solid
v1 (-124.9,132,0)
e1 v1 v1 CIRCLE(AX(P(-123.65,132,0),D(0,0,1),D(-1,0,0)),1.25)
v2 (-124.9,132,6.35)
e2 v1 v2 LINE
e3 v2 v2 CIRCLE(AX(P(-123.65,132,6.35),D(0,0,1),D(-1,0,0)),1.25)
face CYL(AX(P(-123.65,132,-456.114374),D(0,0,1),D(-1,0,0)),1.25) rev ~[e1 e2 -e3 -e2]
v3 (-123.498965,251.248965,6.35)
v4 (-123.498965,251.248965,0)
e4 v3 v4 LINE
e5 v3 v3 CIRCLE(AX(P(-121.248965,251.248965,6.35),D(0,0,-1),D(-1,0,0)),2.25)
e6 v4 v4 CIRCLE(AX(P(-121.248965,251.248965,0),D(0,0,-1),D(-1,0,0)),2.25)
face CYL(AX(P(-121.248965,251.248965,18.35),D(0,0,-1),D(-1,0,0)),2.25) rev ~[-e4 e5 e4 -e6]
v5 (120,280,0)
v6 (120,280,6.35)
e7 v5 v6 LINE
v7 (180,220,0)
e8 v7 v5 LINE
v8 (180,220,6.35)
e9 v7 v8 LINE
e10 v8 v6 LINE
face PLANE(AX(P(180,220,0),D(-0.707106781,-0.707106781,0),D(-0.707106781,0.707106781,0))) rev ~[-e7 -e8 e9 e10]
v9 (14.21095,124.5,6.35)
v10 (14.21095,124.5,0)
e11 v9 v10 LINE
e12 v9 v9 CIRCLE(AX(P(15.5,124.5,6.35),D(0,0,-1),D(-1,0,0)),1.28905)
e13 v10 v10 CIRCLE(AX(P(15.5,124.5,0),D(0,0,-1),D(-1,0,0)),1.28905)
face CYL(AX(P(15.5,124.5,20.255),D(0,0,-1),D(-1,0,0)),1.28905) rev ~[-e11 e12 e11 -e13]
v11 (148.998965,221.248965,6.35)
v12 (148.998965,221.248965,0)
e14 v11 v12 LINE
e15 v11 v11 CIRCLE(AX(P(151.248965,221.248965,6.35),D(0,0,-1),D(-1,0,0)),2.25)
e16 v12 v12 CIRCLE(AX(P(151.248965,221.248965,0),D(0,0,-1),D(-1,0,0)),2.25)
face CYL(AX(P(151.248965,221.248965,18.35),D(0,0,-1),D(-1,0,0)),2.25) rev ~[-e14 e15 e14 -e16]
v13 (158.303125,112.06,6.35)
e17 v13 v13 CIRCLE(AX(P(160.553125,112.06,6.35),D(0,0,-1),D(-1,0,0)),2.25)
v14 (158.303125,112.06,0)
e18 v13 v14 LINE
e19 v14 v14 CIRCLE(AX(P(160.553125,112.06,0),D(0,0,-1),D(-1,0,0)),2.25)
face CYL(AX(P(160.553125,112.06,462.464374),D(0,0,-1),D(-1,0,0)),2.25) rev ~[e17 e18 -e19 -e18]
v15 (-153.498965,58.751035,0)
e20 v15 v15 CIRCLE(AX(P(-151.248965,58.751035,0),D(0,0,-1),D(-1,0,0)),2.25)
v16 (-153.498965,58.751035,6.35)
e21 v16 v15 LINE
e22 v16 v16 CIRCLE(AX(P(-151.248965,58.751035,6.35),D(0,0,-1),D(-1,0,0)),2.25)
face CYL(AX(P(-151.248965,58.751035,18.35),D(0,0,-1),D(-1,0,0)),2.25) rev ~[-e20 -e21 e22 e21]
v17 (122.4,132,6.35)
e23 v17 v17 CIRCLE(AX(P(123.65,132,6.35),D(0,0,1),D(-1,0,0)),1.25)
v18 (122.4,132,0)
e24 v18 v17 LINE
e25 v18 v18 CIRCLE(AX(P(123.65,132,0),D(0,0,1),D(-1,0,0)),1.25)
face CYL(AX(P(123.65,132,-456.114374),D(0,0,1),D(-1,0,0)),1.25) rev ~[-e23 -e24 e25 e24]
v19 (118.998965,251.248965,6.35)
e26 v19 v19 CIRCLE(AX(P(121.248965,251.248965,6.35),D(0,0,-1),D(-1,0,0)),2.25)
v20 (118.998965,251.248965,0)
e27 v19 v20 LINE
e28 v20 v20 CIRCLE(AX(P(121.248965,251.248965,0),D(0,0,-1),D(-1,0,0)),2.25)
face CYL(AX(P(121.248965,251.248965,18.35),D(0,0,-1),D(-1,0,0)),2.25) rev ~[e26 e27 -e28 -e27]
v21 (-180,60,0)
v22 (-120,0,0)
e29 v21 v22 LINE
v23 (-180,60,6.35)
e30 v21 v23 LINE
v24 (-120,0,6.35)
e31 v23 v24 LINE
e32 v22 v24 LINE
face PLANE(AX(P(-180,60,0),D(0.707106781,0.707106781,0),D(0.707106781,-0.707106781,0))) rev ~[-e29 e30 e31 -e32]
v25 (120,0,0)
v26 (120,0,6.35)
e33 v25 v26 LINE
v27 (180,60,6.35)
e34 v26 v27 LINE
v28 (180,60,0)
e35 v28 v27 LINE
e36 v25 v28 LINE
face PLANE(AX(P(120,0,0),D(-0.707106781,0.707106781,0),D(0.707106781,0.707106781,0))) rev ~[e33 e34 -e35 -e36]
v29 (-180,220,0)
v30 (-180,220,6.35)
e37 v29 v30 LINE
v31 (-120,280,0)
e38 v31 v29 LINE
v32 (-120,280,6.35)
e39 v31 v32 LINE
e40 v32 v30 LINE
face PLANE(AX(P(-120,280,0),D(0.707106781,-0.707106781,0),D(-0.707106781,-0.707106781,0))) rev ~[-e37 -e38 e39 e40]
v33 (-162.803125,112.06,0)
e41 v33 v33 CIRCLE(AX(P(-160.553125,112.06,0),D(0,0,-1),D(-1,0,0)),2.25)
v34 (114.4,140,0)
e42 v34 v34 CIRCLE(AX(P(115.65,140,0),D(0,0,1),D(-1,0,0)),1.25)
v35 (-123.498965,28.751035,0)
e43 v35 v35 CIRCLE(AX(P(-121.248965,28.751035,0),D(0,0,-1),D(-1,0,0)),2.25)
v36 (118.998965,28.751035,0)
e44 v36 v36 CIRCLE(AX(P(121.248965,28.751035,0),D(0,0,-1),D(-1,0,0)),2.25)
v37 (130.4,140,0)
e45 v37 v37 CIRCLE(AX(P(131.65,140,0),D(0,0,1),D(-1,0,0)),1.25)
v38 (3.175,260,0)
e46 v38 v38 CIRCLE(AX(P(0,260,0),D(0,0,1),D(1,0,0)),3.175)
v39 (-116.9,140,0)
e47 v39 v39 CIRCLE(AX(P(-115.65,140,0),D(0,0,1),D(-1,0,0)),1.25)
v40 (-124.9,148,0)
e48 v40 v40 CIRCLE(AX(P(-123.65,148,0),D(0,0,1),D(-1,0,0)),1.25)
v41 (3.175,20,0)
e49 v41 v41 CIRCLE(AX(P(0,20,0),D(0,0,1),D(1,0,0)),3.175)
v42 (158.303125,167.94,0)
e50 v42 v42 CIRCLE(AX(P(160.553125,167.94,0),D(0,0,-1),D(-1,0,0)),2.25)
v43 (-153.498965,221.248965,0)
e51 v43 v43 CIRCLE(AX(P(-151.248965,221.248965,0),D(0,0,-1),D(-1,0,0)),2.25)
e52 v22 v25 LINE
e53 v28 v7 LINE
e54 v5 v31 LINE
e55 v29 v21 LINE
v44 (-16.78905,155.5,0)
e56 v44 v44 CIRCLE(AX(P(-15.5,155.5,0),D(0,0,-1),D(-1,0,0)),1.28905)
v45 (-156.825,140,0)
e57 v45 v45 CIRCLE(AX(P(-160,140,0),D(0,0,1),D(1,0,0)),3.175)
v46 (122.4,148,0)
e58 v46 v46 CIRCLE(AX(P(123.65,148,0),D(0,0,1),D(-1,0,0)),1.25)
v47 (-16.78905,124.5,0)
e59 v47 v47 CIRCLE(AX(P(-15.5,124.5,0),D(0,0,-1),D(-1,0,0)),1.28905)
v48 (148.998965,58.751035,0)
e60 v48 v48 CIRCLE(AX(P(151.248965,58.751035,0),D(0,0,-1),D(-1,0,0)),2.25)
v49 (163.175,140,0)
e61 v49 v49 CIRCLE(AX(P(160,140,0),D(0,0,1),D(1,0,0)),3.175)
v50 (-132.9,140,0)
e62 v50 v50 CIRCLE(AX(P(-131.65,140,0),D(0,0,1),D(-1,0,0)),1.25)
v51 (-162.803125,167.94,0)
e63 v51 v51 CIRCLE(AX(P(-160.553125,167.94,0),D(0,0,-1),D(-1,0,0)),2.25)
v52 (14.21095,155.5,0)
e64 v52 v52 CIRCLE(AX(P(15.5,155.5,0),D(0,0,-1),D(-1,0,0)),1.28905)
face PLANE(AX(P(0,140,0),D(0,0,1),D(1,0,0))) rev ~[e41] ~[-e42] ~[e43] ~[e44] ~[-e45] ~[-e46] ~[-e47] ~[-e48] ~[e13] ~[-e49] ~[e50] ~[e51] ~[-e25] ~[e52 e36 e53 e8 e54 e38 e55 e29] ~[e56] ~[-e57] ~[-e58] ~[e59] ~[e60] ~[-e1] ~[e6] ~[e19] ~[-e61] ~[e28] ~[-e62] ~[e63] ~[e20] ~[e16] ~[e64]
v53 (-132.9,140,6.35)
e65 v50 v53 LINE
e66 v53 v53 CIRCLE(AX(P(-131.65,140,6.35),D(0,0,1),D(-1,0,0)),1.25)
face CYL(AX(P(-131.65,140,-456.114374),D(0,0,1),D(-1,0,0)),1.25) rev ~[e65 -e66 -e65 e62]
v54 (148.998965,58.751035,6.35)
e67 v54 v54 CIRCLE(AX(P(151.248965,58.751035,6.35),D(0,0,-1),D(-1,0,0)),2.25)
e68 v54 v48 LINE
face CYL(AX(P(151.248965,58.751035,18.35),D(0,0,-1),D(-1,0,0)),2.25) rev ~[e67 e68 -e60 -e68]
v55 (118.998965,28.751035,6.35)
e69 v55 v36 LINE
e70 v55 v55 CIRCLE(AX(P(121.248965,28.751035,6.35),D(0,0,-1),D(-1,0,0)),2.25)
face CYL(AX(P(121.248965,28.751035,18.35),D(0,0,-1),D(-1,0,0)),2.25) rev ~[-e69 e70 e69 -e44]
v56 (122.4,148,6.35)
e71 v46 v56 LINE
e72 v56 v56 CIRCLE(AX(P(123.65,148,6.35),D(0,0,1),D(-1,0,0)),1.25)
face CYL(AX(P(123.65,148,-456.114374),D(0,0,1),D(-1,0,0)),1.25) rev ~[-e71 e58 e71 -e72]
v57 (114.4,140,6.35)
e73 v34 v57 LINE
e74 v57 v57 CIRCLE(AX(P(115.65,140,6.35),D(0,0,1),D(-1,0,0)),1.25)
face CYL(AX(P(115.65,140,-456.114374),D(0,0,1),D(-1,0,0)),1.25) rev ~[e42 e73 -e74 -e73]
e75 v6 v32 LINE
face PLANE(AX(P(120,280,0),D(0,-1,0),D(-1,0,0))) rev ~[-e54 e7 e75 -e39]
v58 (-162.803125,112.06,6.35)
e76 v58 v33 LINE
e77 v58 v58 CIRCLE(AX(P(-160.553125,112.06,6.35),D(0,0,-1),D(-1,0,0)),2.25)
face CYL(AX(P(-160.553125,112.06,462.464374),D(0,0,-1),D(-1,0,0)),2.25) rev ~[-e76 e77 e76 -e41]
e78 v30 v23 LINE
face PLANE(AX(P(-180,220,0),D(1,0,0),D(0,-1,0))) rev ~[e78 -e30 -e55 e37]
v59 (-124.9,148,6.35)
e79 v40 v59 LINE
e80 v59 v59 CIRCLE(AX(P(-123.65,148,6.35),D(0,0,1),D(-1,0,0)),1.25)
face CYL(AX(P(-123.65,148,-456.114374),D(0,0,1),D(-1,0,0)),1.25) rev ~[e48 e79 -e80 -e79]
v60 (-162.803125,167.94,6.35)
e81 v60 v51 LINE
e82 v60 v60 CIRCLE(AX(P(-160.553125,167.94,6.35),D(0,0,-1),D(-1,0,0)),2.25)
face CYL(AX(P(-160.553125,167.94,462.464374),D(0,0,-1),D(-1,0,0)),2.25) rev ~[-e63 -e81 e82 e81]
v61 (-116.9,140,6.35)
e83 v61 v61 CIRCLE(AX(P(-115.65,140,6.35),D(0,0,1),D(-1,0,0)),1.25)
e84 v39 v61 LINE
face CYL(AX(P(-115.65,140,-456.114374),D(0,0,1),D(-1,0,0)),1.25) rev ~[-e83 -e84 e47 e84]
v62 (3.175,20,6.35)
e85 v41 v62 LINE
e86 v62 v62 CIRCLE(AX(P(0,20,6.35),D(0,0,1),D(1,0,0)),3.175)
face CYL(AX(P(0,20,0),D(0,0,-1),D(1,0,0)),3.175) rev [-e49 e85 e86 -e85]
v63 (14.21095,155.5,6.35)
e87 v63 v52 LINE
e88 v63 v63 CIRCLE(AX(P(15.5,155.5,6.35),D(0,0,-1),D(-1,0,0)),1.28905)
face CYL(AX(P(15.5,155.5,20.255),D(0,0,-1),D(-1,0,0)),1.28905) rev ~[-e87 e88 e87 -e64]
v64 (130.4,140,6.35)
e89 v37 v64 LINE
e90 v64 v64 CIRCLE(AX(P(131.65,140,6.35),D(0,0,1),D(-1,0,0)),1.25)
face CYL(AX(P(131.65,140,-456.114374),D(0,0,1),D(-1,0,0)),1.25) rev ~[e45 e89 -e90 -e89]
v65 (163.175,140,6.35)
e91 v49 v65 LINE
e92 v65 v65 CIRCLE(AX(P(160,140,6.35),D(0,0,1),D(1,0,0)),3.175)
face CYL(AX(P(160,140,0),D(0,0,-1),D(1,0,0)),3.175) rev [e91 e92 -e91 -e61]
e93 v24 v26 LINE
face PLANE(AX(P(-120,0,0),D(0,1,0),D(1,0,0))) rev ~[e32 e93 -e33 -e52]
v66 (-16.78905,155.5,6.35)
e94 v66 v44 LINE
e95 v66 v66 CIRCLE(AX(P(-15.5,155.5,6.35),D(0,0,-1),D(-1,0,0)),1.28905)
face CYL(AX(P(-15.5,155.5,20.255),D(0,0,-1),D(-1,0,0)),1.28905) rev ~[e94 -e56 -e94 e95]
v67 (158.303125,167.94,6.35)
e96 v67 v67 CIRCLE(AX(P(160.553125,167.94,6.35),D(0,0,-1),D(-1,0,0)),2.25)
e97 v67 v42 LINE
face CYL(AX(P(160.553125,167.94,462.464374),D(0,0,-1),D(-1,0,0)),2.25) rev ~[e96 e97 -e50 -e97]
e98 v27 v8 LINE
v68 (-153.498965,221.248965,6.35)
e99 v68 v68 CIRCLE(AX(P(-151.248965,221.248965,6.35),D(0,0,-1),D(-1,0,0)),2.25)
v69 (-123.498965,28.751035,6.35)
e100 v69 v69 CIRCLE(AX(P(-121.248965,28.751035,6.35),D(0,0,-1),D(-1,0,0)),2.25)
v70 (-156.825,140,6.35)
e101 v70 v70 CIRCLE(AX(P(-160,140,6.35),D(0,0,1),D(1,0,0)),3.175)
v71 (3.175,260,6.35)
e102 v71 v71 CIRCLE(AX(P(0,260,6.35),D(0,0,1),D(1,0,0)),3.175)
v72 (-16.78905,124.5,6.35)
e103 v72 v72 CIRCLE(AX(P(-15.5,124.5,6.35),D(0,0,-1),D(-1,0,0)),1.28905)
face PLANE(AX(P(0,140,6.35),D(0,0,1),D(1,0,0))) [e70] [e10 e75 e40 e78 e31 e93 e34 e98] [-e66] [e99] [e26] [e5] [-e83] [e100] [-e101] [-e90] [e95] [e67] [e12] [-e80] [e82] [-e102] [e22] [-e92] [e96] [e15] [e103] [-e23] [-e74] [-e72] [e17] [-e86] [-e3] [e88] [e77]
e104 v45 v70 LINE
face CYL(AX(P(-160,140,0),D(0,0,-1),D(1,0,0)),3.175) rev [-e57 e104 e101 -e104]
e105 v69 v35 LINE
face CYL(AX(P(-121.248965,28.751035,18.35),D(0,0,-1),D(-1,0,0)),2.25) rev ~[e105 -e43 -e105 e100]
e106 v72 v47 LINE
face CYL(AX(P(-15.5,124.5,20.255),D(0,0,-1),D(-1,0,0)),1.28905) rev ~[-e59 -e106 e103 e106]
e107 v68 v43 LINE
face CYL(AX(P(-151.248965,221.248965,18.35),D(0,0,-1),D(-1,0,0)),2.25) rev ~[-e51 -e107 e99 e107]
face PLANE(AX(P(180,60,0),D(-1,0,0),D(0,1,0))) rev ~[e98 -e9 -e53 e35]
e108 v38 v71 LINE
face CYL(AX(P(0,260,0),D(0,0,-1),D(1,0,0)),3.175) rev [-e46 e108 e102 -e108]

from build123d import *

# Parameters (mm, degrees)
F0_R     = 3.175
F1_DEPTH = 6.35
F3_D     = 2.5781
F3_DEPTH = 13.905
F3_TIP   = 0.774539381
F5_D     = 4.5
F6_D     = 4.5
F6_DEPTH = 12
F6_TIP   = 1.3519363928
F7_D     = 4.5
F7_DEPTH = 12
F7_TIP   = 1.3519363928
F8_D     = 2.5


with BuildPart() as f1:
    # F0 (on Top) → F1 (new body)
    with BuildSketch(Plane.XY):
        Polygon((-180, 60), (-120, 0), (120, 0), (180, 60), (180, 220), (120, 280), (-120, 280), (-180, 220), align=None)
        with Locations((0, 20)):
            Circle(F0_R, mode=Mode.SUBTRACT)
        with Locations((-160, 140)):
            Circle(F0_R, mode=Mode.SUBTRACT)
        with Locations((160, 140)):
            Circle(F0_R, mode=Mode.SUBTRACT)
        with Locations((0, 260)):
            Circle(F0_R, mode=Mode.SUBTRACT)
    extrude(amount=F1_DEPTH)

    # F3
    with Locations(Plane.XY.offset(6.35)):
        with Locations((-15.5, 155.5), (15.5, 155.5), (15.5, 124.5), (-15.5, 124.5)):
            Hole(F3_D / 2, depth=F3_DEPTH)
            with Locations((0, 0, -(F3_DEPTH + F3_TIP / 2))):  # 118° drill point
                Cone(0, F3_D / 2, F3_TIP, mode=Mode.SUBTRACT)

    # F5 (through all)
    with Locations(Plane.XY.offset(6.35)):
        with Locations((-160.553125, 167.94), (-160.553125, 112.06), (160.553125, 112.06), (160.553125, 167.94)):
            Hole(F5_D / 2)

    # F6
    with Locations(Plane.XY.offset(6.35)):
        with Locations((-151.2489651369, 221.2489651369), (-121.2489651369, 251.2489651369)):
            Hole(F6_D / 2, depth=F6_DEPTH)
            with Locations((0, 0, -(F6_DEPTH + F6_TIP / 2))):  # 118° drill point
                Cone(0, F6_D / 2, F6_TIP, mode=Mode.SUBTRACT)

    # F7
    with Locations(Plane.XY.offset(6.35)):
        with Locations((121.2489651369, 251.2489651369), (151.2489651369, 221.2489651369), (-151.2489651369, 58.7510348631), (-121.2489651369, 28.7510348631), (121.2489651369, 28.7510348631), (151.2489651369, 58.7510348631)):
            Hole(F7_D / 2, depth=F7_DEPTH)
            with Locations((0, 0, -(F7_DEPTH + F7_TIP / 2))):  # 118° drill point
                Cone(0, F7_D / 2, F7_TIP, mode=Mode.SUBTRACT)

    # F8 (through all)
    with Locations(Plane(origin=(0, 0, 0), x_dir=(1, 0, 0), z_dir=(0, 0, -1))):
        with Locations((-123.65, -148), (-115.65, -140), (-123.65, -132), (-131.65, -140), (123.65, -148), (131.65, -140), (115.65, -140), (123.65, -132)):
            Hole(F8_D / 2)


solid = f1.part
